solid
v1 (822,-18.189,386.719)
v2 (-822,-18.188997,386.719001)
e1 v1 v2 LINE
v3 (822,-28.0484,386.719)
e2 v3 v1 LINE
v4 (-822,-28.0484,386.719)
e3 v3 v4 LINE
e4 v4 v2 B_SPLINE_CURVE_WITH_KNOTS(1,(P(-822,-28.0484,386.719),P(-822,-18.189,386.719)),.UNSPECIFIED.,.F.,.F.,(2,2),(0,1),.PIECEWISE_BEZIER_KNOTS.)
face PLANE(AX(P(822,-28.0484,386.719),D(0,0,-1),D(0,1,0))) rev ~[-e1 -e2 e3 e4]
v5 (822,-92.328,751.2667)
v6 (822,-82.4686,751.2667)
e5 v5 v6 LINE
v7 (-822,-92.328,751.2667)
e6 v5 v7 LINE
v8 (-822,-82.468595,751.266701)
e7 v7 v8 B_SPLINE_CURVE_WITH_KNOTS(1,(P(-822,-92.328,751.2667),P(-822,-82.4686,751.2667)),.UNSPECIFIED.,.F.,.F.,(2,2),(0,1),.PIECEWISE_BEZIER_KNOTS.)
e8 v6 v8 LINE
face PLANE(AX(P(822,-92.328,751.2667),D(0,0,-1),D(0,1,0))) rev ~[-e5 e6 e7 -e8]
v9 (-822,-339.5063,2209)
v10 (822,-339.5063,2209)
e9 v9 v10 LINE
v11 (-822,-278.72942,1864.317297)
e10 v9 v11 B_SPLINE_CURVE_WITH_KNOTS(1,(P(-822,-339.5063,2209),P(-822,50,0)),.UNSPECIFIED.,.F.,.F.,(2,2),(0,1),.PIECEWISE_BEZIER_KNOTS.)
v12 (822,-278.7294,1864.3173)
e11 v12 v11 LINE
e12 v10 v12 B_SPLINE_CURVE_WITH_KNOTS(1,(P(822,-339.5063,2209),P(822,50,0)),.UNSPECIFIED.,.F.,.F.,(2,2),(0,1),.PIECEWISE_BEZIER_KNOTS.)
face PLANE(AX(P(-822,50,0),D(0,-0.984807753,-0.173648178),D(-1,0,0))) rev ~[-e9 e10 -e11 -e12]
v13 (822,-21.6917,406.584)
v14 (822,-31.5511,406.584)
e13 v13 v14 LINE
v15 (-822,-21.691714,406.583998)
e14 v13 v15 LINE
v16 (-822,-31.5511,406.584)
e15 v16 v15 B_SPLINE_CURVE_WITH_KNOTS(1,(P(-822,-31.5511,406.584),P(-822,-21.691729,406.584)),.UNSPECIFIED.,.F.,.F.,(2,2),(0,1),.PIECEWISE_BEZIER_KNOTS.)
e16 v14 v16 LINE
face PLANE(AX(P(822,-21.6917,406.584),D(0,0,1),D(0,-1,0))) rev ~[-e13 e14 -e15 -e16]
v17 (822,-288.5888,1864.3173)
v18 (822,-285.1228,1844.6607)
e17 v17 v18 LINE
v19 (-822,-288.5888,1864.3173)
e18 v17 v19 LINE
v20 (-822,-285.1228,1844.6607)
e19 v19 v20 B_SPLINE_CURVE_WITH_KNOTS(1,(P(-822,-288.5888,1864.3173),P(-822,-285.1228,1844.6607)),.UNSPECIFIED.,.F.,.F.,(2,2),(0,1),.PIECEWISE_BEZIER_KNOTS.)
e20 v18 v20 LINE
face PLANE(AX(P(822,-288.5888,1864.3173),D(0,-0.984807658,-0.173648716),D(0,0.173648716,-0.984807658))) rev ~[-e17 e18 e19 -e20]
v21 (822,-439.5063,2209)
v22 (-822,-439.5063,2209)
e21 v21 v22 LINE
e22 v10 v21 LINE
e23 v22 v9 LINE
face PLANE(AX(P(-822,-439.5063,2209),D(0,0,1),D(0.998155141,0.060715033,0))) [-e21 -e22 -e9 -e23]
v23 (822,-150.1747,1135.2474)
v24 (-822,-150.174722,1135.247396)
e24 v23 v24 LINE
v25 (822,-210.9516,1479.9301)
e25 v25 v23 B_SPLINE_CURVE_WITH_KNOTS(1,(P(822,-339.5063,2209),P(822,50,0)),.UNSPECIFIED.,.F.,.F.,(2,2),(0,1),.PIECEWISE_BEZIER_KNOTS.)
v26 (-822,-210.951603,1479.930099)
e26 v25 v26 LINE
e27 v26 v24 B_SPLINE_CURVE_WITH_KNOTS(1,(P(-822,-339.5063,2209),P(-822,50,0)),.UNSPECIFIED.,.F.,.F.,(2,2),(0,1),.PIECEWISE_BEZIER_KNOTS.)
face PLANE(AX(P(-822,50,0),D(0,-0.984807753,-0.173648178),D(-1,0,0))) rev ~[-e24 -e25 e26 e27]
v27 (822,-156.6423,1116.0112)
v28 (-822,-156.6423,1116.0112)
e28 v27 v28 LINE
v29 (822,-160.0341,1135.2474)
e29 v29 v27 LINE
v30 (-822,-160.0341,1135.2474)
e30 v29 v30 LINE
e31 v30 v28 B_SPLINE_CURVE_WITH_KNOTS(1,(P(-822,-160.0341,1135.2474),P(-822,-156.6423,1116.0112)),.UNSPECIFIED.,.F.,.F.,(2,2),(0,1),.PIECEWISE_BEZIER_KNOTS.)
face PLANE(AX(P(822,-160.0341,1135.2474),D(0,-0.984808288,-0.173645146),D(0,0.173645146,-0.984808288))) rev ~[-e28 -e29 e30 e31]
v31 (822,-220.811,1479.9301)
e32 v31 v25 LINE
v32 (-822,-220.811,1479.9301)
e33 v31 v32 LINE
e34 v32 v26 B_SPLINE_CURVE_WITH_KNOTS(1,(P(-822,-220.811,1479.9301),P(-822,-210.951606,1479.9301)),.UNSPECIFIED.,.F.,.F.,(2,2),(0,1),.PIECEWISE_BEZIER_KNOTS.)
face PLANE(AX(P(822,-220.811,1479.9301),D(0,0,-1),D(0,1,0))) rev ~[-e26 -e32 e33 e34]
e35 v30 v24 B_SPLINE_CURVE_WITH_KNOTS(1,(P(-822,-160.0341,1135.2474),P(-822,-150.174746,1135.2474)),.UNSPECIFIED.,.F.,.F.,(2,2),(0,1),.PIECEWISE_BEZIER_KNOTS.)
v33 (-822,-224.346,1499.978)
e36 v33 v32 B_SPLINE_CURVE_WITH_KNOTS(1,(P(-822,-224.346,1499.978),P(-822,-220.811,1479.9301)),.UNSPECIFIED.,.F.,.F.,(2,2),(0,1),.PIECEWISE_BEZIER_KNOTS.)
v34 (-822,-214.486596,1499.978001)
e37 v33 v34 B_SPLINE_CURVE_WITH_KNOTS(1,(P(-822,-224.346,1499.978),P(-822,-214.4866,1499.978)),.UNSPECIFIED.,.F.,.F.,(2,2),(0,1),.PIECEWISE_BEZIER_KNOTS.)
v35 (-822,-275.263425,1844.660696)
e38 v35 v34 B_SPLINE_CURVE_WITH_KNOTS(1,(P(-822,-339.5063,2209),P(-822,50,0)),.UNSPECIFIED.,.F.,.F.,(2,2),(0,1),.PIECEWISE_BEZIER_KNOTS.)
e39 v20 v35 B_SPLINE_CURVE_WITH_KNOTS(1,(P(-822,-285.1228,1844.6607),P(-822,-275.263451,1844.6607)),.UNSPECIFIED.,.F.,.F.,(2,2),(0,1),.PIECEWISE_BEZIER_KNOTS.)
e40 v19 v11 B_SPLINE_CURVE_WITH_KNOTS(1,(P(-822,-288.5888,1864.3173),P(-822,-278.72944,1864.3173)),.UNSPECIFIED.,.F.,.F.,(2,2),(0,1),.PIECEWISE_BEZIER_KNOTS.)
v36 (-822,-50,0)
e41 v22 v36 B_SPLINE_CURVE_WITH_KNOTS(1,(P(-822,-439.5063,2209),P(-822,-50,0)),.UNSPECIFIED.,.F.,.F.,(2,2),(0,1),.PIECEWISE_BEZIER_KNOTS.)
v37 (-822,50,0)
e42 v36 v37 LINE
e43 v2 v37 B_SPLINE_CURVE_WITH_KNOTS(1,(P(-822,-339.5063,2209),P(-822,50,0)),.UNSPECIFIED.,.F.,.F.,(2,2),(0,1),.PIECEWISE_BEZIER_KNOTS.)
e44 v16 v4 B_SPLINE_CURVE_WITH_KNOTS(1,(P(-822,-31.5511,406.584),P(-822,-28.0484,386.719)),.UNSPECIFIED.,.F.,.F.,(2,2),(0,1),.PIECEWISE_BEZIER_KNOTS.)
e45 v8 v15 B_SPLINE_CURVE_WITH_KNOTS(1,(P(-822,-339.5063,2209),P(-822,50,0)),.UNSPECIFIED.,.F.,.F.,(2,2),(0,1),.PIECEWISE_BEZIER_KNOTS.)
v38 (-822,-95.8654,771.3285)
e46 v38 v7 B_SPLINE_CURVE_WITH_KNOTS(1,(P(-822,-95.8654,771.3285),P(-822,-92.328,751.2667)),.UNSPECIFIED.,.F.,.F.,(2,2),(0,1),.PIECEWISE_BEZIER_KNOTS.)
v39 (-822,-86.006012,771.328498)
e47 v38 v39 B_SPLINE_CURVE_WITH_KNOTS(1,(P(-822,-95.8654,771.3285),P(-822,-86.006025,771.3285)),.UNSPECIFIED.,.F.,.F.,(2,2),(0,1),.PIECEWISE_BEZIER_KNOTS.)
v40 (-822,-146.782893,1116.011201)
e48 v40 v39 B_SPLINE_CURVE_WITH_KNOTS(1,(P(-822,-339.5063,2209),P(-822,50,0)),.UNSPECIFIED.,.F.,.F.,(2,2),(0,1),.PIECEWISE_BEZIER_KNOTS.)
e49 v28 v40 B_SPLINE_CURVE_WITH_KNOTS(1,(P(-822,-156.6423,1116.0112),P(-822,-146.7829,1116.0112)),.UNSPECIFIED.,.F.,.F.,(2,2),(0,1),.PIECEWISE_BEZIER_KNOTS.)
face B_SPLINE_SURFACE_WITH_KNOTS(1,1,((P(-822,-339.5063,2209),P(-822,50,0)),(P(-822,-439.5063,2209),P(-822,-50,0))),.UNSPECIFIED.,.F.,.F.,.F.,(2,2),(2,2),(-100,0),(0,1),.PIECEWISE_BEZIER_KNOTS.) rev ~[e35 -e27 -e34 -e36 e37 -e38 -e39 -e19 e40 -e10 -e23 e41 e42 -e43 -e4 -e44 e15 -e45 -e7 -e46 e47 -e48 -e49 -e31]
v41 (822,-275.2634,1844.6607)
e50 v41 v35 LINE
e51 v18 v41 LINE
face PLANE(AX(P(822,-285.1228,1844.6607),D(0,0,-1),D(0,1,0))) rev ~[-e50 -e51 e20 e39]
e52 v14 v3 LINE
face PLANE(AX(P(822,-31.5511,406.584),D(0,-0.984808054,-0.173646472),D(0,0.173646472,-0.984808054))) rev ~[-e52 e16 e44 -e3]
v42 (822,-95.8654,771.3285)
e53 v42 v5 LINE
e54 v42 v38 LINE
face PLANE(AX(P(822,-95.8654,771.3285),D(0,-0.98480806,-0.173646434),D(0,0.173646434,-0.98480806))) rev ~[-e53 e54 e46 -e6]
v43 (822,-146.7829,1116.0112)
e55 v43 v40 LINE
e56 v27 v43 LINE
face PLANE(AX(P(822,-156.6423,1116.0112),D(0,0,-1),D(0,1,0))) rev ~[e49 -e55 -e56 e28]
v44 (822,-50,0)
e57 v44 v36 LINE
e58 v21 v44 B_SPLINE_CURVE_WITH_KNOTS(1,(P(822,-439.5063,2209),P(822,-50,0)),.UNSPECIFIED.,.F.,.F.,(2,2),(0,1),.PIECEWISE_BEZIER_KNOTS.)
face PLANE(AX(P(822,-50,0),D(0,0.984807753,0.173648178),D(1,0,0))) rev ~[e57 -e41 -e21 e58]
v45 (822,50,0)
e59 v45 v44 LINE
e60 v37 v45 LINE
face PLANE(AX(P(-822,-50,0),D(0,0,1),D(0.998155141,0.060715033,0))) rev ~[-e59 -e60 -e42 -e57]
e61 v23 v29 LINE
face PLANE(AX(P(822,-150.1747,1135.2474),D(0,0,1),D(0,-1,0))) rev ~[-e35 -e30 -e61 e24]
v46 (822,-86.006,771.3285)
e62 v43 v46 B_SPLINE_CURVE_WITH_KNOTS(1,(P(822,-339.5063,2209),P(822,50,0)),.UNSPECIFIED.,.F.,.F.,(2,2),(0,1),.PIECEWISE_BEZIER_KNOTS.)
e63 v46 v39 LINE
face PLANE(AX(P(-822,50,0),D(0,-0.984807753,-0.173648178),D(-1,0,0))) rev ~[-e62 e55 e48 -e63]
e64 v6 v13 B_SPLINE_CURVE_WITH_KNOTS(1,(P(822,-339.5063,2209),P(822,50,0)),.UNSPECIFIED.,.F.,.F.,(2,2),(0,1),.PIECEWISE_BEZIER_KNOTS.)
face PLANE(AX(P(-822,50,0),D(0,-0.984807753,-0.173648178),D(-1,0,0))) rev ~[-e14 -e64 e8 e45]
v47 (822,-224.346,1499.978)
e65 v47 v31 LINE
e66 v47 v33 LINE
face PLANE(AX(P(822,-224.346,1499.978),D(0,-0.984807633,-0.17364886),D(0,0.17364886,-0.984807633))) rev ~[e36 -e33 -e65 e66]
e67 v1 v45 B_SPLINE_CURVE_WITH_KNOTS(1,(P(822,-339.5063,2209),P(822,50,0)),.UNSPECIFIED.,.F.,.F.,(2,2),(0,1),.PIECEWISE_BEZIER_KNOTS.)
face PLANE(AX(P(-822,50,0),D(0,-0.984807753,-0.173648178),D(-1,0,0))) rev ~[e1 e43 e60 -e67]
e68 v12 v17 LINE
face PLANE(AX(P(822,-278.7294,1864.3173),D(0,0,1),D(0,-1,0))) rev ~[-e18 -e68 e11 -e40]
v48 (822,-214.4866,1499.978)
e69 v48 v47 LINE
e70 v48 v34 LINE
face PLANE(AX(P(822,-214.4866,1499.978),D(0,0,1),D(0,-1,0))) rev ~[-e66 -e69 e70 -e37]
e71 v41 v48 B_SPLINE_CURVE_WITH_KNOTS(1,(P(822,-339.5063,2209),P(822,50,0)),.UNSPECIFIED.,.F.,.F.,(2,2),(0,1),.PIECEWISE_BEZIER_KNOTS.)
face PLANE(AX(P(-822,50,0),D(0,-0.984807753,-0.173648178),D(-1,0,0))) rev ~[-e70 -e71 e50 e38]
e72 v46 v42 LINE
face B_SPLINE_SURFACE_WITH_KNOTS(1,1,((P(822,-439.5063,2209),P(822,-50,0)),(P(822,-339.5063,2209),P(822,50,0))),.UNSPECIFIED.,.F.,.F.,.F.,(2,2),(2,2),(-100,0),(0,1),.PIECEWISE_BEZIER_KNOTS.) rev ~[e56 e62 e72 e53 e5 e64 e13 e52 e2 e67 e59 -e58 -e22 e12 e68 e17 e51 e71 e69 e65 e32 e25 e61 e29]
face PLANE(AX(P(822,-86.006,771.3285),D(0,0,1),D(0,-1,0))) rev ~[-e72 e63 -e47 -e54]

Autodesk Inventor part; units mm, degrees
ref_plane "YZ Plane" through (0, 0, 0) normal (1, 0, 0) x (0, 1, 0)
sketch "Sketch1" plane through (0, 0, 0) normal (0, 0, 1) x (1, 0, 0)
  line L0 (-822, 50) -> (822, 50)
  line L1 (822, 50) -> (822, -50)
  line L2 (822, -50) -> (-822, -50)
  line L3 (-822, -50) -> (-822, 50)
  line L4 (-822, 50) -> (822, -50) construction
  line L5 (822, 50) -> (-822, -50) construction
  point P0 (0, 0)
  dimension "d0" = 1644
  dimension "d1" = 100
ref_plane "Work Plane2" through (0, 0, 2209) normal (0, 0, 1) x (1, 0, 0)
ref_plane "Work Plane1" through (0, 0, 0) normal (0, 0, 1) x (1, 0, 0)
sketch "Sketch2" plane through (0, 0, 2209) normal (0, 0, 1) x (1, 0, 0)
  line L0 (-822, -50) -> (-822, 50) projected
  line L1 (822, 50) -> (822, -50) projected
  point P0 (0, 0)
ref_plane "Work Plane3" through (-822, -50, 0) normal (1, 0, 0) x (0, 1, 0)
sketch "Sketch3" plane through (-822, -50, 0) normal (1, 0, 0) x (0, 1, 0)
  line L0 (0, 0) -> (100, 0) projected
  line L1 (0, 2209) -> (100, 2209) projected
  line L2 (100, 0) -> (-289.5063, 2209)
  line L3 (100, 0) -> (2343.0774, 0) construction
  line L4 (0, 0) -> (-389.5063, 2209)
  line L5 (0, 0) -> (2243.0774, 0) construction
  line L6 (-389.5063, 2209) -> (0, 2209)
  point P0 (50, 0)
  dimension "d4" = 100
  dimension "d5" = 100
sketch "Sketch4" plane through (0, 0, 2209) normal (0, 0, 1) x (1, 0, 0)
  line L0 (-822, -439.5063) -> (-822, -50) projected
  line L1 (-822, -339.5063) -> (822, -339.5063)
  line L2 (822, -339.5063) -> (822, -439.5063)
  line L3 (822, -439.5063) -> (-822, -439.5063)
  line L4 (-822, -439.5063) -> (-822, -339.5063)
  point P0 (0, 0)
  dimension "d6" = 1644
loft "Loft1" add profiles "Sketch4", "Sketch1"
sketch "Sketch5" plane through (822, -439.5063, 2209) normal (1, 0, 0) x (0, 0, -1)
  line L0 (0, 100) -> (0, 0) projected
  line L1 (0, 0) -> (2209, 389.5063) projected
  line L2 (2209, 489.5063) -> (2209, 389.5063) projected
  line L3 (0, 100) -> (2209, 489.5063) projected
  line L4 (0, 100) -> (344.6827, 160.7769)
  line L5 (0, 100) -> (2209, 489.5063) projected
  line L6 (344.6827, 160.7769) -> (344.6827, 150.9175)
  line L7 (344.6827, 150.9175) -> (364.3393, 154.3835)
  line L8 (364.3393, 154.3835) -> (364.3393, 164.2429)
  line L9 (364.3393, 164.2429) -> (709.022, 225.0197)
  line L10 (709.022, 225.0197) -> (709.022, 215.1603)
  line L11 (709.022, 215.1603) -> (729.0699, 218.6953)
  line L12 (729.0699, 218.6953) -> (729.0699, 228.5547)
  line L13 (729.0699, 228.5547) -> (1073.7526, 289.3316)
  line L14 (1073.7526, 289.3316) -> (1073.7526, 279.4722)
  line L15 (1073.7526, 279.4722) -> (1092.9888, 282.864)
  line L16 (1092.9888, 282.864) -> (1092.9888, 292.7234)
  line L17 (1092.9888, 292.7234) -> (1437.6715, 353.5003)
  line L18 (1437.6715, 353.5003) -> (1437.6715, 343.6409)
  line L19 (1437.6715, 343.6409) -> (1457.7333, 347.1783)
  line L20 (1457.7333, 347.1783) -> (1457.7333, 357.0377)
  line L21 (1457.7333, 357.0377) -> (1802.416, 417.8146)
  line L22 (1802.416, 417.8146) -> (1802.416, 407.9552)
  line L23 (1802.416, 407.9552) -> (1822.281, 411.4579)
  line L24 (1822.281, 411.4579) -> (1822.281, 421.3173)
  line L25 (1822.281, 421.3173) -> (2209, 489.5063)
  line L26 (1822.281, 421.3173) -> (344.6827, 160.7769)
  point P0 (2209, 439.5063)
  point P1 (709.022, 225.0197)
  point P2 (364.3393, 164.2429)
  point P3 (344.6827, 160.7769)
  dimension "d11" = 350
  dimension "d12" = 350
  dimension "d13" = 350
  dimension "d14" = 350
  dimension "d15" = 350
extrude "Extrusion1" cut sketch "Sketch5" against normal through all contours L3 L8 L7 L6 | L3 L12 L11 L10 | L24 L23 L22 L3 | L3 L16 L15 L14 | L20 L19 L18 L3
properties part number "eave_panel_02" material "Wood (Maple)"
